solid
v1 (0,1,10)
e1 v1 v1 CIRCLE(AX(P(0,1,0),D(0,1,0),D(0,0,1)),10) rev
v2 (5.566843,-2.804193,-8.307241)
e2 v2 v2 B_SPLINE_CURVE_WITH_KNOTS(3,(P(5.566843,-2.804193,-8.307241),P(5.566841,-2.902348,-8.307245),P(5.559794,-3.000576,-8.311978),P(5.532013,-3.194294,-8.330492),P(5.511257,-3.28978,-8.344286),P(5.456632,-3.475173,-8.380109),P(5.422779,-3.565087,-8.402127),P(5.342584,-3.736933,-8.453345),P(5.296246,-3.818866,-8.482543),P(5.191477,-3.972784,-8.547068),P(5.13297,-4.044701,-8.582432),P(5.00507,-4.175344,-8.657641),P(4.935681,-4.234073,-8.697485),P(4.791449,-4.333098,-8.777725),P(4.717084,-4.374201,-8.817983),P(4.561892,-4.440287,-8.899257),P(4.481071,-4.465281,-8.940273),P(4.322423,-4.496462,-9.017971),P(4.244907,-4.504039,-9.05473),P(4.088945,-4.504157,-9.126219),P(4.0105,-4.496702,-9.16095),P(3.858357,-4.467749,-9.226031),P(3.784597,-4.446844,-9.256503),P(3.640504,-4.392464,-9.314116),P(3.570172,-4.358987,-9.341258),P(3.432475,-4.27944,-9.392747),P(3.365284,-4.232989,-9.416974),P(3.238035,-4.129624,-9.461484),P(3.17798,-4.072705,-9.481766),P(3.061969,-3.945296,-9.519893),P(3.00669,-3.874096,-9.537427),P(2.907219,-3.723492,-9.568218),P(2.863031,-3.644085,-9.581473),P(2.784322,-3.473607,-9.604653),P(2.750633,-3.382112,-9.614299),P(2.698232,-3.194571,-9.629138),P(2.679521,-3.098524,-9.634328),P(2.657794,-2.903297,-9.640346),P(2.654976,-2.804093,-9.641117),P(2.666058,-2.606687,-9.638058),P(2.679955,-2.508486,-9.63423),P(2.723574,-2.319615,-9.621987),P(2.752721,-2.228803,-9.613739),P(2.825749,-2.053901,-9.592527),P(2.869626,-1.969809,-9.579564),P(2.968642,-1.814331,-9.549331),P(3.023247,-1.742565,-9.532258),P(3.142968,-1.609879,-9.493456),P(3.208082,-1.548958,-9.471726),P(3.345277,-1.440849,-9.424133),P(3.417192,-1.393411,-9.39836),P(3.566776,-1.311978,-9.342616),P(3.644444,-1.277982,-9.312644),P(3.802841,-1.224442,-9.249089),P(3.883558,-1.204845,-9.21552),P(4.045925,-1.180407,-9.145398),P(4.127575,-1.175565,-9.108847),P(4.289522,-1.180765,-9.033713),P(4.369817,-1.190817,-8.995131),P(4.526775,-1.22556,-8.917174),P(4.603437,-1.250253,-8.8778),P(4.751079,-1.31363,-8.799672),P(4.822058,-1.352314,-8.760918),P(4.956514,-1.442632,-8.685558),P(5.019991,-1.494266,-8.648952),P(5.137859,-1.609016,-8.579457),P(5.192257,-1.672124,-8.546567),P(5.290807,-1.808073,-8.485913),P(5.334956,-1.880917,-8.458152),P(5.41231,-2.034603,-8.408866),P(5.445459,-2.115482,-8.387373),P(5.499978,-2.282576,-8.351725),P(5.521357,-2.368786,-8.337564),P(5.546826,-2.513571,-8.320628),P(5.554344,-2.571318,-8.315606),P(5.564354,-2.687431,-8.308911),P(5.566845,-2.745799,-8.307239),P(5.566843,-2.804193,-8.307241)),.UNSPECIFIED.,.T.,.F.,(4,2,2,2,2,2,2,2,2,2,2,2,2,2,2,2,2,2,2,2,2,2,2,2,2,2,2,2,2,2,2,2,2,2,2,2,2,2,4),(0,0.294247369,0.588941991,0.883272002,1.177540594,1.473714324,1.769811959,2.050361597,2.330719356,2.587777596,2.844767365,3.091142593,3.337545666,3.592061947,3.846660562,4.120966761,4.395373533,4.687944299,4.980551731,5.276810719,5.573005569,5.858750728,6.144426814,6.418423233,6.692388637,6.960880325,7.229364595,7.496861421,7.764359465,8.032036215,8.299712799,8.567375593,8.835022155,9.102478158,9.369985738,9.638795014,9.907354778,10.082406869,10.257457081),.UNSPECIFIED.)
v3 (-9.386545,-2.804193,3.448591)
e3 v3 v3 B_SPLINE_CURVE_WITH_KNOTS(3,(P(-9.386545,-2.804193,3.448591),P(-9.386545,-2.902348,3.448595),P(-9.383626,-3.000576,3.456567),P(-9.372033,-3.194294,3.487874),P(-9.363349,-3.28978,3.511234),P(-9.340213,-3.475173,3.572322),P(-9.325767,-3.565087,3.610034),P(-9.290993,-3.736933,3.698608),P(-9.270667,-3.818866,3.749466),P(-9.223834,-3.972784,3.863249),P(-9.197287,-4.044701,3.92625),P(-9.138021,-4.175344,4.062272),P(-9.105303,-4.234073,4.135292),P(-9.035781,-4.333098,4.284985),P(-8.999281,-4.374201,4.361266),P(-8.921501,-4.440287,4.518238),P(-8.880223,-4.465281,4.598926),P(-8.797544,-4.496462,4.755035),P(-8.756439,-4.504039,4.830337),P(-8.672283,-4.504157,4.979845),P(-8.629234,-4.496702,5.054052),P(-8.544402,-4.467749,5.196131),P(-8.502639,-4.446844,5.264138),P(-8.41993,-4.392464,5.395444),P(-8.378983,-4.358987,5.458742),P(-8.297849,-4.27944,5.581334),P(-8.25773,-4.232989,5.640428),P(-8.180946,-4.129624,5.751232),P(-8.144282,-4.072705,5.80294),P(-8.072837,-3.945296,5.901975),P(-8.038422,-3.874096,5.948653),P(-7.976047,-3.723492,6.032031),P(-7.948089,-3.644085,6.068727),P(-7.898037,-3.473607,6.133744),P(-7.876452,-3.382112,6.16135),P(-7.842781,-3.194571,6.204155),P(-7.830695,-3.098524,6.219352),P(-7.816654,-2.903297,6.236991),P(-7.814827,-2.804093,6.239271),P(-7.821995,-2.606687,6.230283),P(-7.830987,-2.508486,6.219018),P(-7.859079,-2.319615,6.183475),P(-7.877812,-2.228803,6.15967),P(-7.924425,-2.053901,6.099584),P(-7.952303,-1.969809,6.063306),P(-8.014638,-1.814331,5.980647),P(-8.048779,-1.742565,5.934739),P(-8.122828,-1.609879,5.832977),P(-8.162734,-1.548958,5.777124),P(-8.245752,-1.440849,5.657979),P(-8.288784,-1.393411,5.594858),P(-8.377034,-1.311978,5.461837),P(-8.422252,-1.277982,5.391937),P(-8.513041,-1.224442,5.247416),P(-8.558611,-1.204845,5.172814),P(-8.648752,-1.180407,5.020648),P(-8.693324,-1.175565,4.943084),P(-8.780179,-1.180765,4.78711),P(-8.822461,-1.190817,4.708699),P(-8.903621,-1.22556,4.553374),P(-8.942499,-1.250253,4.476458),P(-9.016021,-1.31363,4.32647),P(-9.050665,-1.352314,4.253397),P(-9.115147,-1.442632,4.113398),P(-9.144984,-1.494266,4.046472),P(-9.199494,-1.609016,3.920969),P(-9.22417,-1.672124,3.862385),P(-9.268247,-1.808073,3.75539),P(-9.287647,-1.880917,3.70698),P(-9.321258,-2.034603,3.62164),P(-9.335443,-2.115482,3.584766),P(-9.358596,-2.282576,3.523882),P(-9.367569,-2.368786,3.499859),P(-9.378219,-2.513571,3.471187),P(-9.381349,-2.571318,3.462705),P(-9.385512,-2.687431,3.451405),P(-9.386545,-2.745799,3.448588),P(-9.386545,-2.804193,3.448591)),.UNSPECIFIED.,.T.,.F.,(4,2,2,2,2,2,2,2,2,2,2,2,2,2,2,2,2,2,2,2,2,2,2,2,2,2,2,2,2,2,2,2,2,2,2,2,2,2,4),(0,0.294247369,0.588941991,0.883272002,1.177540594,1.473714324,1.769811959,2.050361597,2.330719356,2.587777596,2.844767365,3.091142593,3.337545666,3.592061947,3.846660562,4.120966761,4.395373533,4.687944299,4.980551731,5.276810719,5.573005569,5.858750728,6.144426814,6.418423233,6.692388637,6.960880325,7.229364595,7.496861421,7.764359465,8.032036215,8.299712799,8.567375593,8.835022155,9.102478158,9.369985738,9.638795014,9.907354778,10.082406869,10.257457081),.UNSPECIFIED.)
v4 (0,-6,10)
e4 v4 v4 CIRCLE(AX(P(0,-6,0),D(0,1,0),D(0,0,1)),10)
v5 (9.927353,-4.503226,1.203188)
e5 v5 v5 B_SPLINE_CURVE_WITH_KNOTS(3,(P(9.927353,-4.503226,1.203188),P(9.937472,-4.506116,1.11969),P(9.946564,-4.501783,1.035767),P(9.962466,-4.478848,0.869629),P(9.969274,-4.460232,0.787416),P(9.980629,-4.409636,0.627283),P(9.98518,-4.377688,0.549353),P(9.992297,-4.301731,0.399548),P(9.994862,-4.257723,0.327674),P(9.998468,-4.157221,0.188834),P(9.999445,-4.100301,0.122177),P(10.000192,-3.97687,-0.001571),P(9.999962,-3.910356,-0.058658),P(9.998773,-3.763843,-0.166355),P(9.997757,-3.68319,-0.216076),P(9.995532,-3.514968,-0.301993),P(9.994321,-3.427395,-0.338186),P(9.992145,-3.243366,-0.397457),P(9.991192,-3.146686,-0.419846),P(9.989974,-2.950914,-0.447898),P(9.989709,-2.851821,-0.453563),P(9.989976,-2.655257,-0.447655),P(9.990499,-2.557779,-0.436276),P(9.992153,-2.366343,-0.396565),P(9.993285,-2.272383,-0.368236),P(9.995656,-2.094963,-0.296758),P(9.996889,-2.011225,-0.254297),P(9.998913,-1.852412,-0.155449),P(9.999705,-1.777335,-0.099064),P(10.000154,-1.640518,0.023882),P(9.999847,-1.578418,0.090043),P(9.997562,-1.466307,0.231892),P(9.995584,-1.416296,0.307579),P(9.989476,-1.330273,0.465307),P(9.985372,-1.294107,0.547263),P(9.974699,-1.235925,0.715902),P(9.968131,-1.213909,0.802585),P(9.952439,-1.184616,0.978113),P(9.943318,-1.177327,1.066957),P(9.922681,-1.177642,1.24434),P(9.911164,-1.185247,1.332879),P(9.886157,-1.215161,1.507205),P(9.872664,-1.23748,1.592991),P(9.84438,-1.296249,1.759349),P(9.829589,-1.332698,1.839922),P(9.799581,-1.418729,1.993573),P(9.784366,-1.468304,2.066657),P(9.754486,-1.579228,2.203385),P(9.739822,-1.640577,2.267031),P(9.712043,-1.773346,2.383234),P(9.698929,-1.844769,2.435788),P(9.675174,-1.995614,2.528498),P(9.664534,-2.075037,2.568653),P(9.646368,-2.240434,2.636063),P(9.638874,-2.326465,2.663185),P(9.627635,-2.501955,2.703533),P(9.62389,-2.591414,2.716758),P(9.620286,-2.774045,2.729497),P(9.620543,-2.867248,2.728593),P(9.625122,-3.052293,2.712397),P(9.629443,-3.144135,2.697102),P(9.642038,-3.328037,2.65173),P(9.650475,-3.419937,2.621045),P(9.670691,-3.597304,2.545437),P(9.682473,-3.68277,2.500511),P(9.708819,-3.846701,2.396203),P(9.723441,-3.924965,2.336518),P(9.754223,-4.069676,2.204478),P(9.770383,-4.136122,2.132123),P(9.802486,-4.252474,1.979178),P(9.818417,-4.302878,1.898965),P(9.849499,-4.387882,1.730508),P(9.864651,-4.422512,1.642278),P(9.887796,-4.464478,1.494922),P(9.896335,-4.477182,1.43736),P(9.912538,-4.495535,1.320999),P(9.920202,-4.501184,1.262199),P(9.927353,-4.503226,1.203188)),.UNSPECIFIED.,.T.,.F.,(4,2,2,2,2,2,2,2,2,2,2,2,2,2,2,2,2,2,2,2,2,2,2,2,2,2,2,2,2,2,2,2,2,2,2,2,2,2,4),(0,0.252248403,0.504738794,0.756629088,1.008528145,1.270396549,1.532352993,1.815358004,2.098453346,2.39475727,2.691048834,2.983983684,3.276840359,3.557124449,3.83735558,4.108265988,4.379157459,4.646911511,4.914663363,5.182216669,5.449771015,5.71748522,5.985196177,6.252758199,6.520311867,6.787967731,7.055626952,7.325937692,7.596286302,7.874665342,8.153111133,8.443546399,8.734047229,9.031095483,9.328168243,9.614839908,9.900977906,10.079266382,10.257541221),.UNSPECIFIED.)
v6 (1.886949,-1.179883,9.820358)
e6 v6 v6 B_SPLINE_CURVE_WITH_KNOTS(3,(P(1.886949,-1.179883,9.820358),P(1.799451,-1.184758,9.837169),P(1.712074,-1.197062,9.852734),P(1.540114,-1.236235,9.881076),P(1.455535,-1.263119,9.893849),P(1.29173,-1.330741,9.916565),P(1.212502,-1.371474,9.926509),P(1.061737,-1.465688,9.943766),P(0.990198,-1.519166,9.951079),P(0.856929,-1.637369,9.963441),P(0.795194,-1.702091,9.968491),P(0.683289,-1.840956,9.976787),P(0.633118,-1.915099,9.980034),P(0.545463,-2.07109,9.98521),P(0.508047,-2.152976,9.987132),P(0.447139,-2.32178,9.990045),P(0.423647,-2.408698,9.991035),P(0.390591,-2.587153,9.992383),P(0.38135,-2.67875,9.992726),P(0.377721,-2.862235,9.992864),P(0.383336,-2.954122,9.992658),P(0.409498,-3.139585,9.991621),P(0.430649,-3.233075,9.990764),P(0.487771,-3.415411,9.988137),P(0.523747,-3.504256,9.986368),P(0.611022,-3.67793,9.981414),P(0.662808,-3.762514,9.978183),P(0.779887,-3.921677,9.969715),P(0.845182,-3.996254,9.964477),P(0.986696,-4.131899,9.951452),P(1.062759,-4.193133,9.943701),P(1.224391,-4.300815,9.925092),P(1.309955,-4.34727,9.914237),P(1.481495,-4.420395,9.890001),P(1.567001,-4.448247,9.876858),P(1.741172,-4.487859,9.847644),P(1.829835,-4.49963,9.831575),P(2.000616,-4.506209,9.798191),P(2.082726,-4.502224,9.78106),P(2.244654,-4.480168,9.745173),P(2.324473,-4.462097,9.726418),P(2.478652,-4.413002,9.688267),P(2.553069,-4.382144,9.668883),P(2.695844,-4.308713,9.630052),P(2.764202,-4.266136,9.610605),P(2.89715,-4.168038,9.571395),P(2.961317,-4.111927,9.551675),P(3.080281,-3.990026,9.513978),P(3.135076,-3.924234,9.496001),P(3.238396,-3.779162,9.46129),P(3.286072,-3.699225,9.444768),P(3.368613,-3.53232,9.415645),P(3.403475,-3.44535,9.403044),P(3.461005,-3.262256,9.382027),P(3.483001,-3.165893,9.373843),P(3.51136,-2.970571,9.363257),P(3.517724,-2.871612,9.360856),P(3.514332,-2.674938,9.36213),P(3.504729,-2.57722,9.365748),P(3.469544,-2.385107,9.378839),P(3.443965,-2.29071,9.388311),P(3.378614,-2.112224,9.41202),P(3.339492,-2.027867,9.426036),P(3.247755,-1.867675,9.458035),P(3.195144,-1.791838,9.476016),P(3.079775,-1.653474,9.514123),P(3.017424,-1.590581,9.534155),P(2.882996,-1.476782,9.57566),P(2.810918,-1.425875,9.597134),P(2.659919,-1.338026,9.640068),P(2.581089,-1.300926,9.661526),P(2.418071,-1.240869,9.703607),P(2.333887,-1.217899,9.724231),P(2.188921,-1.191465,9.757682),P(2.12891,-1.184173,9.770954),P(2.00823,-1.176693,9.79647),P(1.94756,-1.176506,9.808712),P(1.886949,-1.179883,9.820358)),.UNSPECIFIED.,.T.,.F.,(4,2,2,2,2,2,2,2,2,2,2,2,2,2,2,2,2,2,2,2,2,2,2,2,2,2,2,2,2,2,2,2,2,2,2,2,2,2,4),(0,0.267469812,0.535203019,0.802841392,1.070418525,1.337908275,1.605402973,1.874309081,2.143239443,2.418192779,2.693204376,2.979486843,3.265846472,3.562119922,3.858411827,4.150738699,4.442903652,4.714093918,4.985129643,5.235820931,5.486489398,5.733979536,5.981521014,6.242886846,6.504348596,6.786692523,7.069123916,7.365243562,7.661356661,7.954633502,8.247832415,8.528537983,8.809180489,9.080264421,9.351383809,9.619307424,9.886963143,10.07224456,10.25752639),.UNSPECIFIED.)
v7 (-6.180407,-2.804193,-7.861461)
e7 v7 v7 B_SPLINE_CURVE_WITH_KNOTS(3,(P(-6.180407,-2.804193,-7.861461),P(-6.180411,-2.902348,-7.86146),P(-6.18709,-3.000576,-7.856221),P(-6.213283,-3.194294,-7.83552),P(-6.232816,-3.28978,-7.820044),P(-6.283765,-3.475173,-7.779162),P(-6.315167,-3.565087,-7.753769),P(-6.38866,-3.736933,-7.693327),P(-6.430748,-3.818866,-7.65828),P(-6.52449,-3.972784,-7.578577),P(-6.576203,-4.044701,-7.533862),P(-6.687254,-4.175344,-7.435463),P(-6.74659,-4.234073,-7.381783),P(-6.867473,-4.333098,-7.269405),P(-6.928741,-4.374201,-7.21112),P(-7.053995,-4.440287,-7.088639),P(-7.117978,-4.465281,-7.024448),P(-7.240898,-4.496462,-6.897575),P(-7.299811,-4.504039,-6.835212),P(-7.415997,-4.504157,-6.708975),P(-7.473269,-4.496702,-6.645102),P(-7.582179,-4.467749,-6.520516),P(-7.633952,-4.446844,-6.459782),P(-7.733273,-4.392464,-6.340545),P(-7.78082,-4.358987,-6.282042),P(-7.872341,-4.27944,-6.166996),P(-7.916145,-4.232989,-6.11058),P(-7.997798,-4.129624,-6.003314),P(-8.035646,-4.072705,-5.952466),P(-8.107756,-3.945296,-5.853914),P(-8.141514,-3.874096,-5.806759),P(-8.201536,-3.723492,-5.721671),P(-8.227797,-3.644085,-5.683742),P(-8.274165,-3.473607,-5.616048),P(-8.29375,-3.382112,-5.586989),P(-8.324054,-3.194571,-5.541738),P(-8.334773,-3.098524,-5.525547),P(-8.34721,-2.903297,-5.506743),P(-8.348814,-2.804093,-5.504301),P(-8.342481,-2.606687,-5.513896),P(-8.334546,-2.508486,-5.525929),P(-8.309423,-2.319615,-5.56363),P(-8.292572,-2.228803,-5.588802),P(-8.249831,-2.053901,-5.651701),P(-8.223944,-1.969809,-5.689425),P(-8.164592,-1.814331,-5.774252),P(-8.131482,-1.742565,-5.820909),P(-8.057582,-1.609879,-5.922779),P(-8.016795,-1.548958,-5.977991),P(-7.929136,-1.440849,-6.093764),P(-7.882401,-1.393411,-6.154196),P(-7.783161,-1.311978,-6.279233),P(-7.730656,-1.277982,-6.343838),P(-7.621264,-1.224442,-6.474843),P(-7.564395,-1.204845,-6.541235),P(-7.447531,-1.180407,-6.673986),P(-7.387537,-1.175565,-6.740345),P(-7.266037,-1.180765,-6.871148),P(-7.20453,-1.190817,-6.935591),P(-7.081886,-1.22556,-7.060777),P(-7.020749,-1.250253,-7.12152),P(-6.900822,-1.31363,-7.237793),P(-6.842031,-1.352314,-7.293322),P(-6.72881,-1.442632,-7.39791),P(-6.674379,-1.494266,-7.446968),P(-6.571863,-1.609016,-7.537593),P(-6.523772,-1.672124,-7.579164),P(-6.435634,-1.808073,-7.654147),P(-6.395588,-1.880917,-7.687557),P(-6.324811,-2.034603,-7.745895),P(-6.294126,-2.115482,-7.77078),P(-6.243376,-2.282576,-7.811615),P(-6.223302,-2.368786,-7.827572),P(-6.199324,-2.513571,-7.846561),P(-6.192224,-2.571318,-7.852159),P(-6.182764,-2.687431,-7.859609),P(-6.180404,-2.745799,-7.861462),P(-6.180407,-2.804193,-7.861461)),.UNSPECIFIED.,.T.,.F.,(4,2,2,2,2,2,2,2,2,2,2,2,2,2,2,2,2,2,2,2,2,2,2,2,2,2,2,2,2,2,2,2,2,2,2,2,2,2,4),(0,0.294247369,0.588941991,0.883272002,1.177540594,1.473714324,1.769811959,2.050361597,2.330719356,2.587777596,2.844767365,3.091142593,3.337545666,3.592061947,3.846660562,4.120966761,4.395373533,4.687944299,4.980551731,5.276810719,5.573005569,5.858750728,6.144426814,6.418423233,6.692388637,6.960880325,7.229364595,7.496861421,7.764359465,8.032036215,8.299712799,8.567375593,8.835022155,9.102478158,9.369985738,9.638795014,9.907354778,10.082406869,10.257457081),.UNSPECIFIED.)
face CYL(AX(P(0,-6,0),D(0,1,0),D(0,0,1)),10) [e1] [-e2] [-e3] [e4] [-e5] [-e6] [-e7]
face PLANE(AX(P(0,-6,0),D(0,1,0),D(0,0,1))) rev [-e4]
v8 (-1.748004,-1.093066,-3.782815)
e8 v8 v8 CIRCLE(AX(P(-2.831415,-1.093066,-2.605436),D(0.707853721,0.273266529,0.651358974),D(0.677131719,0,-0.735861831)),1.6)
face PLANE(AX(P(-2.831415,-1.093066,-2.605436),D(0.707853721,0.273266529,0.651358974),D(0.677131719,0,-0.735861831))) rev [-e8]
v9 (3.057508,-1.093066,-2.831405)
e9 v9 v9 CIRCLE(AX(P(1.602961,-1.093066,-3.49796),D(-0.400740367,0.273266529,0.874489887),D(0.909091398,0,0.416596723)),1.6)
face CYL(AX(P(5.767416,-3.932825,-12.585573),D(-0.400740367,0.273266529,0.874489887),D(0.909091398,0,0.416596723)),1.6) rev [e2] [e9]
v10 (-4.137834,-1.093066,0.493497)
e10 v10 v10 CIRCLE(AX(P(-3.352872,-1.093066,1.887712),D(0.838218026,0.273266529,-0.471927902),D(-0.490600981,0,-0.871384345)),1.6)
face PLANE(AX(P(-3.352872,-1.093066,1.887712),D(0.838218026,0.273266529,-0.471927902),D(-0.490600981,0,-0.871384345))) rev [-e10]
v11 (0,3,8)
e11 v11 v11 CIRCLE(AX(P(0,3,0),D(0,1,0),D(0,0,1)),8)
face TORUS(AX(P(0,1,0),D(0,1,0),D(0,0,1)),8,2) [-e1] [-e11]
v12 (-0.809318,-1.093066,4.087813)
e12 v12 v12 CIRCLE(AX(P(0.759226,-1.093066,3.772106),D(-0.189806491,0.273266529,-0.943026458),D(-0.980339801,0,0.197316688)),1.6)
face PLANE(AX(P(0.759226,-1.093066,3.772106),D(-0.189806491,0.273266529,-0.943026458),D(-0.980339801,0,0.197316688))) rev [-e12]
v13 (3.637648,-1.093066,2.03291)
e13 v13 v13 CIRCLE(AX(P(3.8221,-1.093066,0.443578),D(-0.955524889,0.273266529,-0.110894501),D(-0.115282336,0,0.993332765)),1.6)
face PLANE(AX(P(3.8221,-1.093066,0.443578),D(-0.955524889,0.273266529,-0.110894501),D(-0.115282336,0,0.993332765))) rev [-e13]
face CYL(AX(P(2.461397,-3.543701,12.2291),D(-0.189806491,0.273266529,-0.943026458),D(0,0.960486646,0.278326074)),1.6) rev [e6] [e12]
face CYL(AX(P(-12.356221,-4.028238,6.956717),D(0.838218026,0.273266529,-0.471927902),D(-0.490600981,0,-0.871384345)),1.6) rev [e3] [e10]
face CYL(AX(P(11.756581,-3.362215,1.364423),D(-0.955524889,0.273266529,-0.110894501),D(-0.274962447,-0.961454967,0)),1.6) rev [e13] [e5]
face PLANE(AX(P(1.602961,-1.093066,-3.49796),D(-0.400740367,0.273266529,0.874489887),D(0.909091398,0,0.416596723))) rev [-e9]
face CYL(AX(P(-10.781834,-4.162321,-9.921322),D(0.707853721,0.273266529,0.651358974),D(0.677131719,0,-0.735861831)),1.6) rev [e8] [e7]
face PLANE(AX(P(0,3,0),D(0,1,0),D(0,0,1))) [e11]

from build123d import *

# Parameters (mm, degrees)
BOSS_EXTRUDE1_DEPTH      = 3
BOSS_EXTRUDE1_DEPTH_BACK = 6
SKETCH1_R                = 10
SKETCH4_R                = 1.6
HOLE_DEPTH               = 19.539009706
HOLECIR_COUNT            = 5
FILLET3_R                = 2


with BuildPart() as part:
    # Sketch1 → Boss-Extrude1 (new, two sides: drawn at the far end of the back side and taken through both)
    with BuildSketch(Plane(origin=(0, 0, 0), x_dir=(1, 0, 0), z_dir=(0, 1, 0)).offset(-BOSS_EXTRUDE1_DEPTH_BACK)):
        Circle(SKETCH1_R)
    extrude(amount=BOSS_EXTRUDE1_DEPTH + BOSS_EXTRUDE1_DEPTH_BACK)

    # Sketch4 → hole (cut, through all)
    with BuildSketch(Plane(origin=(-3.352872105, -1.093066116, 1.887711608), x_dir=(-0.4486862613641547, -0.14627571033740308, -0.8816371449912632), z_dir=(0.8382180262940947, 0.2732665289126682, -0.47192790187872385))):
        Circle(SKETCH4_R)
    hole = extrude(amount=-HOLE_DEPTH, mode=Mode.SUBTRACT)

    # holecir: hole ×5 about axis
    holecir_axis = Axis((0, 5.5, 0), (0, -1, 0))
    for i in range(1, HOLECIR_COUNT):
        add(hole.rotate(holecir_axis, i * 360 / HOLECIR_COUNT), mode=Mode.SUBTRACT)

    # Fillet3
    fillet3_edges = [part.edges().sort_by_distance(p)[0] for p in [
        (-10, 3, 0),
    ]]
    fillet(fillet3_edges, radius=FILLET3_R)


solid = part.part
